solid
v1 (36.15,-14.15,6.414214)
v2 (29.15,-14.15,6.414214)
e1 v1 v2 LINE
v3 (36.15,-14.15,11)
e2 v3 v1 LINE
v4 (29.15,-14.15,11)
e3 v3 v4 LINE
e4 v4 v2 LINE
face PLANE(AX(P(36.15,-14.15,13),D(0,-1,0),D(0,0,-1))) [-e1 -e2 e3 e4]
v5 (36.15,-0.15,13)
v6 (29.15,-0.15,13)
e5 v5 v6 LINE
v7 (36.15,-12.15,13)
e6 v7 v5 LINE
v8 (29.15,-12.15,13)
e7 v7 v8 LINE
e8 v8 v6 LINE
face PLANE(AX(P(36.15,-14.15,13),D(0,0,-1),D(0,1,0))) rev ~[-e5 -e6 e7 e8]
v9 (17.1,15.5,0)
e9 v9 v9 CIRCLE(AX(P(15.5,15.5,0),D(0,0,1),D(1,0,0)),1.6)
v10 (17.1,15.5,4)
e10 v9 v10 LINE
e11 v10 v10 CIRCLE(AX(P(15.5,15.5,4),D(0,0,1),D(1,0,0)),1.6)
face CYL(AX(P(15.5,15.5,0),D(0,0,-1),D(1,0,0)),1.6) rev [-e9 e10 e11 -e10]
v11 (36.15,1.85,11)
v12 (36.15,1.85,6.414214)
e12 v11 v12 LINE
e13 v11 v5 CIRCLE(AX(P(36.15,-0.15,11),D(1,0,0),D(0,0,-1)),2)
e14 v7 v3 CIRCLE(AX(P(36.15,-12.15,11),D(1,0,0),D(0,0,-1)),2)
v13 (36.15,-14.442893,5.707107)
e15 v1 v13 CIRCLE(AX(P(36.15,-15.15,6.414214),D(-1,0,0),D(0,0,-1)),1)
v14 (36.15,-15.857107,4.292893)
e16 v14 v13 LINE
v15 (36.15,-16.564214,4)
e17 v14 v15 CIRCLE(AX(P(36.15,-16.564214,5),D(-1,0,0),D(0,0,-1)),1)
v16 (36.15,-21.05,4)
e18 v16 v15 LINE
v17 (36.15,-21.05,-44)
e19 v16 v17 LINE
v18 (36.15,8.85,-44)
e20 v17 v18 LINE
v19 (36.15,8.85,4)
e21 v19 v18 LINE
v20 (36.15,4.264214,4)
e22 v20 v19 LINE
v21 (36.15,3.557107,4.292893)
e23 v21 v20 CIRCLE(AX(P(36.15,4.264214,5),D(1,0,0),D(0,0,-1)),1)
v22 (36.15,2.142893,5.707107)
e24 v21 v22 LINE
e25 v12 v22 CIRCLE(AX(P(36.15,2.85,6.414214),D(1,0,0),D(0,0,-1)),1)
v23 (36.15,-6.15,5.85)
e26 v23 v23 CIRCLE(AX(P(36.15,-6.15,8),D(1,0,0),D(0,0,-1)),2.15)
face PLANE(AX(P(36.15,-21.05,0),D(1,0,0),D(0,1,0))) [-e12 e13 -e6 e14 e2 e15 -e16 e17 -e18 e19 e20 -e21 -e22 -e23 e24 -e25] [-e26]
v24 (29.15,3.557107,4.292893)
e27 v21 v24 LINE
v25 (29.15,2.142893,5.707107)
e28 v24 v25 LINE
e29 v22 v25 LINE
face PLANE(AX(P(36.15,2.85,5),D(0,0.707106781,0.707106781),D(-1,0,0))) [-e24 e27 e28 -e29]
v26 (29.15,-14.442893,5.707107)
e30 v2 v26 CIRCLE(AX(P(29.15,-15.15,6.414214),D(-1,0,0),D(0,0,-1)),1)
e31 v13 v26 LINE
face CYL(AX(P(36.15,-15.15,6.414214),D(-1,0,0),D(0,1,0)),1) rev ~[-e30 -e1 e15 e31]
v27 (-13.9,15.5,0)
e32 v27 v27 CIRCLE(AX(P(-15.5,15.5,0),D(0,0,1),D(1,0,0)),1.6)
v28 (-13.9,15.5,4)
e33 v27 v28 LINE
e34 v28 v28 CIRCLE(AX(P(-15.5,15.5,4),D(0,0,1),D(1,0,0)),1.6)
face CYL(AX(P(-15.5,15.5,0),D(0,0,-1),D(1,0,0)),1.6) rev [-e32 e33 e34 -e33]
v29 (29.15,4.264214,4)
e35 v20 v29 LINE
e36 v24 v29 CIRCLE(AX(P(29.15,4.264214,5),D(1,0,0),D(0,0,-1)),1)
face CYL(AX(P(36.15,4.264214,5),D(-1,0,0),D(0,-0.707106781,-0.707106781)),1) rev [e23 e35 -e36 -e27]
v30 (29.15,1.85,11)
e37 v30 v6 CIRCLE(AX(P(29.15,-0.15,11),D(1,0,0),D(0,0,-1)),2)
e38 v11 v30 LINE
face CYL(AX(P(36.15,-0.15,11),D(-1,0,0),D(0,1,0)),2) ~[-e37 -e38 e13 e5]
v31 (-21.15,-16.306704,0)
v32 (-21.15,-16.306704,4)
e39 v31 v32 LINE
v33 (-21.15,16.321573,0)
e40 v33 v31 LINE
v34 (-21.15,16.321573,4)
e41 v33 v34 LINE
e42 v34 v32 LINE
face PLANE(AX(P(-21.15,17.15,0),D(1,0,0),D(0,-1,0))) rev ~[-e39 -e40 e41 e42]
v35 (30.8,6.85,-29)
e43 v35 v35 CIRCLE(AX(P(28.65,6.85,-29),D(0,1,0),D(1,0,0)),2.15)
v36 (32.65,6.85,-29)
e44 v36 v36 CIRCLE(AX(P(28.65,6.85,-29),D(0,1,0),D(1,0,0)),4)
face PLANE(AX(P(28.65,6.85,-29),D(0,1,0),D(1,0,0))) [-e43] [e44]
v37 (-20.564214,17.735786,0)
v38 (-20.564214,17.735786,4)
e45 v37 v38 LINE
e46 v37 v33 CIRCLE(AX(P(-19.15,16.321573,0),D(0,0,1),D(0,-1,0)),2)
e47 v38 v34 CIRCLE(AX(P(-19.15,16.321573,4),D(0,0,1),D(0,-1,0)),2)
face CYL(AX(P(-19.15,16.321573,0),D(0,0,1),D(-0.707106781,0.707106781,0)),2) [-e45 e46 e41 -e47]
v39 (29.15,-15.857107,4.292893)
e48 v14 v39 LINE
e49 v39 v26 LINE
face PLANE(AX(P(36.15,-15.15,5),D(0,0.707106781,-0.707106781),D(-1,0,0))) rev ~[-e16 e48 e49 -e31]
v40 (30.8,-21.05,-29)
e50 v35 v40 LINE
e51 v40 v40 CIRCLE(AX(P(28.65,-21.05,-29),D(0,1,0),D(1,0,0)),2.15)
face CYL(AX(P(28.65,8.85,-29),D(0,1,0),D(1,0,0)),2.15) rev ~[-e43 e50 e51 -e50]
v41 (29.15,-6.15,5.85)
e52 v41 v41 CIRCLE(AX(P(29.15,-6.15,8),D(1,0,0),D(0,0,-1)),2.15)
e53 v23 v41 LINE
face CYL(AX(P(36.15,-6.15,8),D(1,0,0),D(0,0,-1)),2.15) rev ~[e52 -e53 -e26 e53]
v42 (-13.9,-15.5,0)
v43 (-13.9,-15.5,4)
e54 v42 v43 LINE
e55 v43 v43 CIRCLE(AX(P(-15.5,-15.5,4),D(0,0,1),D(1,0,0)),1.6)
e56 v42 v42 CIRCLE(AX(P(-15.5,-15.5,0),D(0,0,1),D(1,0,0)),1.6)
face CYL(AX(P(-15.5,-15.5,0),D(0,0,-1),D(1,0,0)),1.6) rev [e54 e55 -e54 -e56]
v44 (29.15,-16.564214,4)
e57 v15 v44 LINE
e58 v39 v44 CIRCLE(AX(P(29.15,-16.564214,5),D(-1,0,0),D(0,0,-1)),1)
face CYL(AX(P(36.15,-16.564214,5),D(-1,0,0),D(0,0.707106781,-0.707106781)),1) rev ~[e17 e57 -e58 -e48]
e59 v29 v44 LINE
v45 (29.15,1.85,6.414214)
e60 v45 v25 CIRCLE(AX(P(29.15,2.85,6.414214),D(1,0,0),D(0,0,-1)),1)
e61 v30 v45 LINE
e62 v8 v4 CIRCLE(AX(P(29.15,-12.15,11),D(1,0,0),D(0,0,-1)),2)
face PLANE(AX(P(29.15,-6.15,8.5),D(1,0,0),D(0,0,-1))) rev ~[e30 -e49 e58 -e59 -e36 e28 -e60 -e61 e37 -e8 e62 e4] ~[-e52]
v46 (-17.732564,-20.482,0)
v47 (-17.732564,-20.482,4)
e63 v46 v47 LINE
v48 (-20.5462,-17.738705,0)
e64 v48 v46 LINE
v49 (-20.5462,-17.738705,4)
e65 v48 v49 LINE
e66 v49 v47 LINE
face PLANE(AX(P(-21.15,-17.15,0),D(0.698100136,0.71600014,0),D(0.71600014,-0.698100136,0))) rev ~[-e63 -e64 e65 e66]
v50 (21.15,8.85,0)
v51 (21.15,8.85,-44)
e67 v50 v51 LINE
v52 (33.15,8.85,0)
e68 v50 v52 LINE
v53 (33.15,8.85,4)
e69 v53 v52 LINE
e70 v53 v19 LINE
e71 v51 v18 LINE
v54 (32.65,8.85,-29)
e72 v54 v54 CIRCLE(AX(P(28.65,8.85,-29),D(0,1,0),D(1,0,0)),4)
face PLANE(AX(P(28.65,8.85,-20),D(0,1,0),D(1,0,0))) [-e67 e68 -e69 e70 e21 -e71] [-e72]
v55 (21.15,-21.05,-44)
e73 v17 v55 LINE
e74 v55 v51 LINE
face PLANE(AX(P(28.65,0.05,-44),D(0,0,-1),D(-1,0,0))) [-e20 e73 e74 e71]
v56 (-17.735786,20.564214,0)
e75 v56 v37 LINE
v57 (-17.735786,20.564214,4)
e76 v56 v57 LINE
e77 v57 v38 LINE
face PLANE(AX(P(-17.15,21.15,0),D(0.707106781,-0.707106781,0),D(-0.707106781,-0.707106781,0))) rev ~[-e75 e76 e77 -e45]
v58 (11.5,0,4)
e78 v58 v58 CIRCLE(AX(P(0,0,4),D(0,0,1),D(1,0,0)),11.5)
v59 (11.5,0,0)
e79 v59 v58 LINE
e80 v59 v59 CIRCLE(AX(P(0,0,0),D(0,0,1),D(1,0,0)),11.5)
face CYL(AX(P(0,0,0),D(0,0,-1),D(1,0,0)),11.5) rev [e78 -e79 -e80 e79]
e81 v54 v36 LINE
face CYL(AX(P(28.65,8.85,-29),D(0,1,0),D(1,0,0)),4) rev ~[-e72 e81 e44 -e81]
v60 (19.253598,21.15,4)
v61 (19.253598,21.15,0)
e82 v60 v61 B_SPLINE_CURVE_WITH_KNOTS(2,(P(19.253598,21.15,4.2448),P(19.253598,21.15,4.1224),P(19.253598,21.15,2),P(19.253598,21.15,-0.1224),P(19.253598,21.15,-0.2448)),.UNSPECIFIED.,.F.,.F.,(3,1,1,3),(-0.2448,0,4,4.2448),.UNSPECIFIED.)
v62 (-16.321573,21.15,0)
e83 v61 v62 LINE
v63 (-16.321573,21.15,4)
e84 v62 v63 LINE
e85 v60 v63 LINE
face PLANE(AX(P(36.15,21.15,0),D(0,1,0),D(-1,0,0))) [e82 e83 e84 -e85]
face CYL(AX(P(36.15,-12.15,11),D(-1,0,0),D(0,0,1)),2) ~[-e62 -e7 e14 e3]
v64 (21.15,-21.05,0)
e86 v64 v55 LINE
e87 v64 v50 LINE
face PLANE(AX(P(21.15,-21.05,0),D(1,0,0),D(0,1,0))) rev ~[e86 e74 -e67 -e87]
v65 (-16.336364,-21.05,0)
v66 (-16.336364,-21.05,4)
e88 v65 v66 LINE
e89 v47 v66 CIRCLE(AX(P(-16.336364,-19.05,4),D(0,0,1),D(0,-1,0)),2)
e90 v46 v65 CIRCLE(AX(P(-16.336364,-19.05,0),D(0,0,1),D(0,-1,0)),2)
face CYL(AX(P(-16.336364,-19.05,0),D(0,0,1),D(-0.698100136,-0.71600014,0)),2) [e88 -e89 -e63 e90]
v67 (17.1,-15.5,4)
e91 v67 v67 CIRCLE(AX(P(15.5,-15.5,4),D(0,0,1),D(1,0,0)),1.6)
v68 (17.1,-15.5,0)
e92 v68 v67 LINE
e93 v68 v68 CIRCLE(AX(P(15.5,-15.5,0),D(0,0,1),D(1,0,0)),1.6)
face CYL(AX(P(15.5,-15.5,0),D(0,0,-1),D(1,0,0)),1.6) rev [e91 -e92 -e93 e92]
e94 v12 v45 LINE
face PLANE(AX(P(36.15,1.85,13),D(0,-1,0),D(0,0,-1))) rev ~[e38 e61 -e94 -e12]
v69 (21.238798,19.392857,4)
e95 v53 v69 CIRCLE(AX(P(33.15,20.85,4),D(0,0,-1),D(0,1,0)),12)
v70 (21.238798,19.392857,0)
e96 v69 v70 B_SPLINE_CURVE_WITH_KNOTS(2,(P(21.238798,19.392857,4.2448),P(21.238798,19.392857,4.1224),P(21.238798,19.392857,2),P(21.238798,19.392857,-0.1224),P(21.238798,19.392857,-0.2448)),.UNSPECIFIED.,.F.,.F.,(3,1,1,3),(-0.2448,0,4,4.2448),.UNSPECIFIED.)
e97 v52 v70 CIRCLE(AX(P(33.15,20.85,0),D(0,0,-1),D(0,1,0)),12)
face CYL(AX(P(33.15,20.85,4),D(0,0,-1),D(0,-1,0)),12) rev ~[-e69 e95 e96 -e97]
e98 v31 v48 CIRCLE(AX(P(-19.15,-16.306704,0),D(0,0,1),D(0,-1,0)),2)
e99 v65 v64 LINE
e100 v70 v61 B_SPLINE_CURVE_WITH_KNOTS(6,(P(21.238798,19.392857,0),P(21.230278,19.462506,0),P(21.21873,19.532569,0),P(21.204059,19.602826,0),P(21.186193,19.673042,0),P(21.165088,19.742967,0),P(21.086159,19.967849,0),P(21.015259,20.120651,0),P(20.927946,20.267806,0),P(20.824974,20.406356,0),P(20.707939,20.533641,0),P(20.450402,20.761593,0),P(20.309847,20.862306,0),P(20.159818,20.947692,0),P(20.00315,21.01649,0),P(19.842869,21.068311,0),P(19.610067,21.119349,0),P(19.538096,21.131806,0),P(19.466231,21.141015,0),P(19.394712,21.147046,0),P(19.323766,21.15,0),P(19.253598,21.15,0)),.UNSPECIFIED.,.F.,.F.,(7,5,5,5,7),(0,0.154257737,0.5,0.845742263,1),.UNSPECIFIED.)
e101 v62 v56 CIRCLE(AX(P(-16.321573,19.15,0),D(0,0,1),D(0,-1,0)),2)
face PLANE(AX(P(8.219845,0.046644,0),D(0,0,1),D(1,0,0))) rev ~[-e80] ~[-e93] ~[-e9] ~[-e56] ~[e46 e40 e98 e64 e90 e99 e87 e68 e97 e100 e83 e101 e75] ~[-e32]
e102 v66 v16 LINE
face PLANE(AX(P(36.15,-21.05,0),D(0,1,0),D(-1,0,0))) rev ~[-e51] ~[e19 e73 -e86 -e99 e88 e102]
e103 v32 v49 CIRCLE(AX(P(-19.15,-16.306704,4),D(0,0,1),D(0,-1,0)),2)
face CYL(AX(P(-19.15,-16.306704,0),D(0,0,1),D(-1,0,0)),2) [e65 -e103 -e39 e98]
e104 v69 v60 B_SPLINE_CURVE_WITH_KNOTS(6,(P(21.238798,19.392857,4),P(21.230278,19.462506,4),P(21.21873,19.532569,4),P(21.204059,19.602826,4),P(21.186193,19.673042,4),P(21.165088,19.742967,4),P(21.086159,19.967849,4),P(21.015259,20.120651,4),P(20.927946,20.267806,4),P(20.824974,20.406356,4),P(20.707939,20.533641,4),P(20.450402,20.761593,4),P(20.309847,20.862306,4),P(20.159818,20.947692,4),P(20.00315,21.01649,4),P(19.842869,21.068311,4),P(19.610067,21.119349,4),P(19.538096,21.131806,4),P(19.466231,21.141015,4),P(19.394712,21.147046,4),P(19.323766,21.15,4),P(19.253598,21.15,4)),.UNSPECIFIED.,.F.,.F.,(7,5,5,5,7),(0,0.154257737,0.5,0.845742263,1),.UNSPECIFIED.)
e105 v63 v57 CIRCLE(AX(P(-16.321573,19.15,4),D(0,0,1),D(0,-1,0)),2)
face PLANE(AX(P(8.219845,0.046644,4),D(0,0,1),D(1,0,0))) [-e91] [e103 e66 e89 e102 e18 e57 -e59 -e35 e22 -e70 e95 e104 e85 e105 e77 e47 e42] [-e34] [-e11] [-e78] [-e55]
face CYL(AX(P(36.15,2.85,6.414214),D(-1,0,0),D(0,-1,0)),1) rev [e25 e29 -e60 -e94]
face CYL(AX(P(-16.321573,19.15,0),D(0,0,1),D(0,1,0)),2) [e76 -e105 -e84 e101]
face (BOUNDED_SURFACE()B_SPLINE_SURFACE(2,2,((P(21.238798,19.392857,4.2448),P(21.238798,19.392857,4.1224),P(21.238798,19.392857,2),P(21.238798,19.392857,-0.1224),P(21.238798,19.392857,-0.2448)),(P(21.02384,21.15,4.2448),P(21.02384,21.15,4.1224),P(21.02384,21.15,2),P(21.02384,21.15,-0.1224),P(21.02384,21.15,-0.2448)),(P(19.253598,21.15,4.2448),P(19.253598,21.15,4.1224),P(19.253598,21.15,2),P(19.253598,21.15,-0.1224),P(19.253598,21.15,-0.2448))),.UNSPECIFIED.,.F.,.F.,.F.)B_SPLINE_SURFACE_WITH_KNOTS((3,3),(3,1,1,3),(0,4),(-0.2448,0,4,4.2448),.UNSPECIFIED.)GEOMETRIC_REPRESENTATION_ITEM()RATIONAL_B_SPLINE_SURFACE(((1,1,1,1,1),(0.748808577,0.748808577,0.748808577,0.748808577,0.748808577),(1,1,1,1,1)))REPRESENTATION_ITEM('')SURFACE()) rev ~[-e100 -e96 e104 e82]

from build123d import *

# Parameters (mm, degrees)
CROQUIS1_R              = 1.6
CROQUIS1_R_2            = 11.5
SALIENTE_EXTRUIR1_DEPTH = 4
CROQUIS2_W              = 9
CROQUIS2_H              = 16
CROQUIS2_R              = 2.15
SALIENTE_EXTRUIR2_DEPTH = 7
CROQUIS3_W              = 15
CROQUIS3_H              = 42.2
SALIENTE_EXTRUIR3_DEPTH = 44
CORTAR_EXTRUIR1_START   = -12.3
CROQUIS4_W              = 15
CROQUIS4_H              = 48
CORTAR_EXTRUIR1_DEPTH   = 12.3
REDONDEO1_R             = 12
REDONDEO2_R             = 2
REDONDEO3_R             = 2
CHAFL_N1_SIZE           = 2
CHAFL_N2_SIZE           = 2
REDONDEO4_R             = 2
REDONDEO5_R             = 1
CROQUIS5_R              = 2.15
CORTAR_EXTRUIR2_DEPTH   = 30.9000001
CROQUIS5_3_R            = 4
CROQUIS5_3_R_2          = 2.15
CORTAR_EXTRUIR3_DEPTH   = 2


with BuildPart() as part:
    # Croquis1 → Saliente-Extruir1 (new body)
    with BuildSketch(Plane.XY):
        Polygon((21.15, 21.15), (17.15, 21.15), (-17.15, 21.15), (-21.15, 17.15), (-21.15, -17.15), (-17.15, -21.05), (17.15, -21.05), (36.15, -21.05), (36.15, 21.15), align=None)
        with Locations((-15.5, 15.5)):
            Circle(CROQUIS1_R, mode=Mode.SUBTRACT)
        with Locations((-15.5, -15.5)):
            Circle(CROQUIS1_R, mode=Mode.SUBTRACT)
        with Locations((15.5, 15.5)):
            Circle(CROQUIS1_R, mode=Mode.SUBTRACT)
        with Locations((15.5, -15.5)):
            Circle(CROQUIS1_R, mode=Mode.SUBTRACT)
        Circle(CROQUIS1_R_2, mode=Mode.SUBTRACT)
    extrude(amount=SALIENTE_EXTRUIR1_DEPTH)

    # Croquis2 → Saliente-Extruir2 (add)
    with BuildSketch(Plane(origin=(36.15, 0, 0), x_dir=(0, 0, -1), z_dir=(1, 0, 0))):
        with Locations((-8.5, -6.15)):
            Rectangle(CROQUIS2_W, CROQUIS2_H)
        with Locations((-8, -6.15)):
            Circle(CROQUIS2_R, mode=Mode.SUBTRACT)
    extrude(amount=-SALIENTE_EXTRUIR2_DEPTH)

    # Croquis3 → Saliente-Extruir3 (add)
    with BuildSketch(Plane(origin=(0, 0, 0), x_dir=(-1, 0, 0), z_dir=(0, 0, -1))):
        with Locations((-28.65, 0.05)):
            Rectangle(CROQUIS3_W, CROQUIS3_H)
    extrude(amount=SALIENTE_EXTRUIR3_DEPTH)

    # Croquis4 → Cortar-Extruir1 (cut)
    with BuildSketch(Plane(origin=(0, 21.15, 0), x_dir=(1, 0, 0), z_dir=(0, 1, 0)).offset(CORTAR_EXTRUIR1_START)):
        with Locations((28.65, 20)):
            Rectangle(CROQUIS4_W, CROQUIS4_H)
    extrude(amount=CORTAR_EXTRUIR1_DEPTH, mode=Mode.SUBTRACT)

    # Redondeo1
    redondeo1_edges = [part.edges().sort_by_distance(p)[0] for p in [
        (21.15, 8.85, 2),
    ]]
    fillet(redondeo1_edges, radius=REDONDEO1_R)

    # Redondeo2
    redondeo2_edges = [part.edges().sort_by_distance(p)[0] for p in [
        (21.15, 21.15, 2),
    ]]
    fillet(redondeo2_edges, radius=REDONDEO2_R)

    # Redondeo3
    redondeo3_edges = [part.edges().sort_by_distance(p)[0] for p in [
        (-17.15, -21.05, 2),
        (-21.15, -17.15, 2),
        (-21.15, 17.15, 2),
        (-17.15, 21.15, 2),
    ]]
    fillet(redondeo3_edges, radius=REDONDEO3_R)

    # Chaflán1
    chafl_n1_edges = [part.edges().sort_by_distance(p)[0] for p in [
        (32.65, 1.85, 4),
    ]]
    chamfer(chafl_n1_edges, length=CHAFL_N1_SIZE)

    # Chaflán2
    chafl_n2_edges = [part.edges().sort_by_distance(p)[0] for p in [
        (32.65, -14.15, 4),
    ]]
    chamfer(chafl_n2_edges, length=CHAFL_N2_SIZE)

    # Redondeo4
    redondeo4_edges = [part.edges().sort_by_distance(p)[0] for p in [
        (32.65, 1.85, 13),
        (32.65, -14.15, 13),
    ]]
    fillet(redondeo4_edges, radius=REDONDEO4_R)

    # Redondeo5
    redondeo5_edges = [part.edges().sort_by_distance(p)[0] for p in [
        (32.65, 3.85, 4),
        (32.65, 1.85, 6),
        (32.65, -14.15, 6),
        (32.65, -16.15, 4),
    ]]
    fillet(redondeo5_edges, radius=REDONDEO5_R)

    # Croquis5 → Cortar-Extruir2 (cut, through all)
    with BuildSketch(Plane(origin=(0, 8.85, 0), x_dir=(1, 0, 0), z_dir=(0, 1, 0))):
        with Locations((28.65, 29)):
            Circle(CROQUIS5_R)
    extrude(amount=-CORTAR_EXTRUIR2_DEPTH, mode=Mode.SUBTRACT)

    # Croquis5<3> → Cortar-Extruir3 (cut)
    with BuildSketch(Plane(origin=(0, 8.85, 0), x_dir=(1, 0, 0), z_dir=(0, 1, 0))):
        with Locations((28.65, 29)):
            Circle(CROQUIS5_3_R)
        with Locations((28.65, 29)):
            Circle(CROQUIS5_3_R_2, mode=Mode.SUBTRACT)
    extrude(amount=-CORTAR_EXTRUIR3_DEPTH, mode=Mode.SUBTRACT)


solid = part.part
